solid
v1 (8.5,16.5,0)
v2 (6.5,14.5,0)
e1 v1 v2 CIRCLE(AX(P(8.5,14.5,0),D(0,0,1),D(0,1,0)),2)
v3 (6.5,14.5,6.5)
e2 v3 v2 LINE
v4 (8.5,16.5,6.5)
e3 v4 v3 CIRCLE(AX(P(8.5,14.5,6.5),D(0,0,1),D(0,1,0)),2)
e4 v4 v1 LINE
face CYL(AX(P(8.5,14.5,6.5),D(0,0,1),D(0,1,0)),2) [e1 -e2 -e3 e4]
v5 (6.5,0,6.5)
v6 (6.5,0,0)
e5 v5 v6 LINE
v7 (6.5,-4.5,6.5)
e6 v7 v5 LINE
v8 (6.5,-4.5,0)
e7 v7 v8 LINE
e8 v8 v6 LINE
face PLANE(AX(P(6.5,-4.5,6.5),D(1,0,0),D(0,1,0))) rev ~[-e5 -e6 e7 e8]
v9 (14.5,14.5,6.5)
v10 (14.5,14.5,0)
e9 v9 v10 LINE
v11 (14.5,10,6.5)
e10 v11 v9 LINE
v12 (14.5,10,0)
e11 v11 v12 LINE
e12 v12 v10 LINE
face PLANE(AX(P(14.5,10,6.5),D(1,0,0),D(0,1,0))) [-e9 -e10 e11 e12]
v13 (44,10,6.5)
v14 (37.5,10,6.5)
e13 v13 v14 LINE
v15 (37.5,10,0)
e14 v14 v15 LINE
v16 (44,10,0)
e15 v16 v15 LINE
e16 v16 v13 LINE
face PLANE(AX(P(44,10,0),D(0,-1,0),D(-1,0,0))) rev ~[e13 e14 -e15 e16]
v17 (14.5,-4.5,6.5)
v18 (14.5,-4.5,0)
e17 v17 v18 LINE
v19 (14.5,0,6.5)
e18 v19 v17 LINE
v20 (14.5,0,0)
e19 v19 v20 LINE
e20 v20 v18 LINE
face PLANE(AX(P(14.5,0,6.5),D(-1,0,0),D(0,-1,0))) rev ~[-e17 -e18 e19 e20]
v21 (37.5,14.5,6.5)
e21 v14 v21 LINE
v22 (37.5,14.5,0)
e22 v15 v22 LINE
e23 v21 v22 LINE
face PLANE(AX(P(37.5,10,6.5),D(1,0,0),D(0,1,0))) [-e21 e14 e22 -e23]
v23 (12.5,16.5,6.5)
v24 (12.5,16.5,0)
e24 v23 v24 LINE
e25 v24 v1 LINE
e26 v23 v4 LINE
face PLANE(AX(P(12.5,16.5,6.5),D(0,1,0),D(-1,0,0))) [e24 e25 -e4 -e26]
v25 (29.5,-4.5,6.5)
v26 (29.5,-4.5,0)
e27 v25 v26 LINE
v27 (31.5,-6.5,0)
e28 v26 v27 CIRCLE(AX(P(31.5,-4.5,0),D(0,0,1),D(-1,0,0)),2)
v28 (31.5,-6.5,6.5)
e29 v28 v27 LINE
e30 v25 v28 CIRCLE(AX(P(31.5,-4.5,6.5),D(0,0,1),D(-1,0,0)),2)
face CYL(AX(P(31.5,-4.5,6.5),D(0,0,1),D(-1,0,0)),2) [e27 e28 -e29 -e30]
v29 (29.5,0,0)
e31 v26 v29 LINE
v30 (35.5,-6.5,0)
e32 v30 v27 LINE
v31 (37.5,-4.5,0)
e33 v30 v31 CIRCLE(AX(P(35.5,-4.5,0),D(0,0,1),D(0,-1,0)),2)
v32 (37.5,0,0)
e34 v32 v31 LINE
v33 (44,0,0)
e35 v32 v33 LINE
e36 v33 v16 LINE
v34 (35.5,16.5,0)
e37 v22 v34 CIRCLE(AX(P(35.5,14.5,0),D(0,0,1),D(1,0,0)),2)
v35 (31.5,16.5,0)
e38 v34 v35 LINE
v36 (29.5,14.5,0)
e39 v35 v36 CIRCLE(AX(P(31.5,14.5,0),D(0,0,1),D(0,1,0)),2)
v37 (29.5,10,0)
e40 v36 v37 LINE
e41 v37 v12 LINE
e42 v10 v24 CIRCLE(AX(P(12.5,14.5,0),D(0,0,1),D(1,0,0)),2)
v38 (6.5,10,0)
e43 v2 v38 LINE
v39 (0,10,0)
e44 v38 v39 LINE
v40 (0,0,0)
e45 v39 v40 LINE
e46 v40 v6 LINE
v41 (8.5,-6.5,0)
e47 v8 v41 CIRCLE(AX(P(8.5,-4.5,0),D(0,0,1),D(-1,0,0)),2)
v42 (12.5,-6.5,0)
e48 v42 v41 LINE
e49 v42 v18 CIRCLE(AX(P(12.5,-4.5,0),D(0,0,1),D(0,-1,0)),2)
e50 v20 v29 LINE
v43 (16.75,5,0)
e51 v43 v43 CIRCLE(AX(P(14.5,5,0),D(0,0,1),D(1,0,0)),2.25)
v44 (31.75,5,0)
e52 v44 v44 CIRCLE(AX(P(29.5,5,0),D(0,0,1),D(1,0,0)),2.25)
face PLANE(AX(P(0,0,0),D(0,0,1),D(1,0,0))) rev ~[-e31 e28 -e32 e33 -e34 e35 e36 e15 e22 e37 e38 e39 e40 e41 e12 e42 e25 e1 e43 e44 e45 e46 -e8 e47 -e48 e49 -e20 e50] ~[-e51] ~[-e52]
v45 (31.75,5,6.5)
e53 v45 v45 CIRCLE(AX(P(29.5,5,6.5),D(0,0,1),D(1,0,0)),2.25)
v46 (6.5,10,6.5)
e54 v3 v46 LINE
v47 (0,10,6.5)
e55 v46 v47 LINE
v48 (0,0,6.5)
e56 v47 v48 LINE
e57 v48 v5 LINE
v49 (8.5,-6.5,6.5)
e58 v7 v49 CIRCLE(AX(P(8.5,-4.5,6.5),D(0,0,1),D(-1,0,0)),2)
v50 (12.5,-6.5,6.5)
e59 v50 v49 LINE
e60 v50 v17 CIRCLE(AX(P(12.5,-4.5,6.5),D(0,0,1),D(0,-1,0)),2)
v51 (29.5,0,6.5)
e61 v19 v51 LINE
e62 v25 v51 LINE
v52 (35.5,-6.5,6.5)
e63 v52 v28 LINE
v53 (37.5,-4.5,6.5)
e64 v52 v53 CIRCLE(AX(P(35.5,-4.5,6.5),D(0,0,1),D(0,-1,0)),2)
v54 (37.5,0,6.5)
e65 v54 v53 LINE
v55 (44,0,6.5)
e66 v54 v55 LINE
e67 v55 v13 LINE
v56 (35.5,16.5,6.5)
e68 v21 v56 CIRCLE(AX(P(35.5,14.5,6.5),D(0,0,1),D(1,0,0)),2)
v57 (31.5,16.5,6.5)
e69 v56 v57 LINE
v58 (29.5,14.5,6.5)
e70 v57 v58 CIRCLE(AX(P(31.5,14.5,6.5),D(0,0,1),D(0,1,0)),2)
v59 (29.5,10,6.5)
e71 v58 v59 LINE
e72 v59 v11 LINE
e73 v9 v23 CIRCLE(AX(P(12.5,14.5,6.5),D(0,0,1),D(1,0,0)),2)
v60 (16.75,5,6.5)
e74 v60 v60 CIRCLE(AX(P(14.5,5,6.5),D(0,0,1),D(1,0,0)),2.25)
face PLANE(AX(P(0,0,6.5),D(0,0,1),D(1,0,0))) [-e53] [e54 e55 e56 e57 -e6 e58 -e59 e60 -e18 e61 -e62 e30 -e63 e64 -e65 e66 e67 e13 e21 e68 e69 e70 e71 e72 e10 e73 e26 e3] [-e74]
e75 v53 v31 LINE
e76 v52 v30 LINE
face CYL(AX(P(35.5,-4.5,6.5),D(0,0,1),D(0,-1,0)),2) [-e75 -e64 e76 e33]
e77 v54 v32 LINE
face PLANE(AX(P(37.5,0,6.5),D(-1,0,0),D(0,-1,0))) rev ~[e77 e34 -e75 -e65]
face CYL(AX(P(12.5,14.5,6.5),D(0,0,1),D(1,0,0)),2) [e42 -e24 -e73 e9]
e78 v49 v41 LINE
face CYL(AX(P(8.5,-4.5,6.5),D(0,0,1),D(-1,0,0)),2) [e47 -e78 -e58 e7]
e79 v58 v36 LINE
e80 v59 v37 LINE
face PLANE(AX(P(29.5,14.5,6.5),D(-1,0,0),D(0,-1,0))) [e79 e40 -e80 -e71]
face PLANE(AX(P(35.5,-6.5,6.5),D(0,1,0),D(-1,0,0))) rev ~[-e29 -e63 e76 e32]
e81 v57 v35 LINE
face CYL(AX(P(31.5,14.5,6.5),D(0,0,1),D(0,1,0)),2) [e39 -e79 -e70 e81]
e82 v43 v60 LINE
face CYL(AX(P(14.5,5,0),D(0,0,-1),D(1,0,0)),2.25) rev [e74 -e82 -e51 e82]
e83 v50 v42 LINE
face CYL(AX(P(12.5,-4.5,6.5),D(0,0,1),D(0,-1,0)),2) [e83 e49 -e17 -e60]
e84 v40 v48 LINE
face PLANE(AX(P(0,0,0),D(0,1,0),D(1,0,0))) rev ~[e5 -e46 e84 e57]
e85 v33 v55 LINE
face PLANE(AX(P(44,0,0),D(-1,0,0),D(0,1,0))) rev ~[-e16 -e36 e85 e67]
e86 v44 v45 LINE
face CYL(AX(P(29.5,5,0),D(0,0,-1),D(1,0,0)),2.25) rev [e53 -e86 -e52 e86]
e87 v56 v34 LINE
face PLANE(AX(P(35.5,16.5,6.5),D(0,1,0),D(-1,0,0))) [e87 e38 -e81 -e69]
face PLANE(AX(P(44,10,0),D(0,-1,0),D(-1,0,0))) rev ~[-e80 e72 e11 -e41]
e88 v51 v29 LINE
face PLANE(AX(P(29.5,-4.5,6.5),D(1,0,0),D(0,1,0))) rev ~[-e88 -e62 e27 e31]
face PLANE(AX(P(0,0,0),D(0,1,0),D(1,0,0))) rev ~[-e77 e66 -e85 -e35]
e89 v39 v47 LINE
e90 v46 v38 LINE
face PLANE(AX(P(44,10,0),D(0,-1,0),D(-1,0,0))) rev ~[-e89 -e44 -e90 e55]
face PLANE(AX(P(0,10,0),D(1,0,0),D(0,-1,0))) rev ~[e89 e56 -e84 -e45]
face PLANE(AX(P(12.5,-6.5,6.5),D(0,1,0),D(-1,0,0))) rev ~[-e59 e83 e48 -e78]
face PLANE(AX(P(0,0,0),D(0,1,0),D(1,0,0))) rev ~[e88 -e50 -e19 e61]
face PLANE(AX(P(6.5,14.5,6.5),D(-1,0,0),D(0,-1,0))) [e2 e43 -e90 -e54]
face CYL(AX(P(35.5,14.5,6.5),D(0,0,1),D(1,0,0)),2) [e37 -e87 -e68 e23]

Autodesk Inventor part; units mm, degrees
ref_plane "YZ Plane" through (0, 0, 0) normal (1, 0, 0) x (0, 1, 0)
ref_plane "XZ Plane" through (0, 0, 0) normal (0, 1, 0) x (-1, 0, 0)
ref_plane "XY Plane" through (0, 0, 0) normal (0, 0, 1) x (1, 0, 0)
sketch "Sketch1" plane through (0, 0, 0) normal (0, 0, 1) x (1, 0, 0)
  line L0 (0, 0) -> (44, 0)
  line L1 (44, 0) -> (44, 10)
  line L2 (44, 10) -> (0, 10)
  line L3 (0, 10) -> (0, 0)
  circle A0 centre (29.5, 5) radius 2.25
  circle A1 centre (14.5, 5) radius 2.25
  line L4 (14.5, 5) -> (29.5, 5) construction
  point P0 (0, 5)
  point P1 (22, 5)
  point P2 (22, 10)
  dimension "d0" = 10
  dimension "d1" = 44
  dimension "d2" = 4.5
  dimension "d13" = 4.5
  dimension "d14" = 15
extrude "Extrusion3" add sketch "Sketch1" along normal blind 6.5
sketch "Sketch3" plane through (0, 0, 6.5) normal (0, 0, 1) x (1, 0, 0)
  line L0 (0, 0) -> (44, 0) projected
  line L1 (44, 10) -> (0, 10) projected
  line L2 (6.5, 10) -> (14.5, 10)
  line L3 (14.5, 10) -> (14.5, 14.5)
  line L4 (12.5, 16.5) -> (8.5, 16.5)
  line L5 (6.5, 14.5) -> (6.5, 10)
  line L6 (29.5, 10) -> (37.5, 10)
  line L7 (37.5, 10) -> (37.5, 14.5)
  line L8 (35.5, 16.5) -> (31.5, 16.5)
  line L9 (29.5, 14.5) -> (29.5, 10)
  line L10 (6.5, 0) -> (14.5, 0)
  line L11 (14.5, 0) -> (14.5, -4.5)
  line L12 (12.5, -6.5) -> (8.5, -6.5)
  line L13 (6.5, -4.5) -> (6.5, 0)
  line L14 (29.5, 0) -> (37.5, 0)
  line L15 (37.5, 0) -> (37.5, -4.5)
  line L16 (35.5, -6.5) -> (31.5, -6.5)
  line L17 (29.5, -4.5) -> (29.5, 0)
  arc A0 (8.5, 16.5) -> (6.5, 14.5) centre (8.5, 14.5) ccw
  arc A1 (14.5, 14.5) -> (12.5, 16.5) centre (12.5, 14.5) ccw
  arc A2 (31.5, 16.5) -> (29.5, 14.5) centre (31.5, 14.5) ccw
  arc A3 (37.5, 14.5) -> (35.5, 16.5) centre (35.5, 14.5) ccw
  arc A4 (6.5, -4.5) -> (8.5, -6.5) centre (8.5, -4.5) ccw
  arc A5 (12.5, -6.5) -> (14.5, -4.5) centre (12.5, -4.5) ccw
  arc A6 (29.5, -4.5) -> (31.5, -6.5) centre (31.5, -4.5) ccw
  arc A7 (35.5, -6.5) -> (37.5, -4.5) centre (35.5, -4.5) ccw
  line L18 (14.5, 12.5251) -> (29.5, 12.5251) construction
  point P0 (22, 12.5251)
  point P1 (22, 10)
  dimension "d17" = 2
  dimension "d18" = 8
  dimension "d19" = 8
  dimension "d20" = 6.5
  dimension "d21" = 6.5
  dimension "d22" = 15
extrude "Extrusion4" add sketch "Sketch3" against normal blind 6.5
equation "\"d20\" = d21"
properties part number "y_carriage_belt_mount_bed_holder" material "Plywood, Finish"
